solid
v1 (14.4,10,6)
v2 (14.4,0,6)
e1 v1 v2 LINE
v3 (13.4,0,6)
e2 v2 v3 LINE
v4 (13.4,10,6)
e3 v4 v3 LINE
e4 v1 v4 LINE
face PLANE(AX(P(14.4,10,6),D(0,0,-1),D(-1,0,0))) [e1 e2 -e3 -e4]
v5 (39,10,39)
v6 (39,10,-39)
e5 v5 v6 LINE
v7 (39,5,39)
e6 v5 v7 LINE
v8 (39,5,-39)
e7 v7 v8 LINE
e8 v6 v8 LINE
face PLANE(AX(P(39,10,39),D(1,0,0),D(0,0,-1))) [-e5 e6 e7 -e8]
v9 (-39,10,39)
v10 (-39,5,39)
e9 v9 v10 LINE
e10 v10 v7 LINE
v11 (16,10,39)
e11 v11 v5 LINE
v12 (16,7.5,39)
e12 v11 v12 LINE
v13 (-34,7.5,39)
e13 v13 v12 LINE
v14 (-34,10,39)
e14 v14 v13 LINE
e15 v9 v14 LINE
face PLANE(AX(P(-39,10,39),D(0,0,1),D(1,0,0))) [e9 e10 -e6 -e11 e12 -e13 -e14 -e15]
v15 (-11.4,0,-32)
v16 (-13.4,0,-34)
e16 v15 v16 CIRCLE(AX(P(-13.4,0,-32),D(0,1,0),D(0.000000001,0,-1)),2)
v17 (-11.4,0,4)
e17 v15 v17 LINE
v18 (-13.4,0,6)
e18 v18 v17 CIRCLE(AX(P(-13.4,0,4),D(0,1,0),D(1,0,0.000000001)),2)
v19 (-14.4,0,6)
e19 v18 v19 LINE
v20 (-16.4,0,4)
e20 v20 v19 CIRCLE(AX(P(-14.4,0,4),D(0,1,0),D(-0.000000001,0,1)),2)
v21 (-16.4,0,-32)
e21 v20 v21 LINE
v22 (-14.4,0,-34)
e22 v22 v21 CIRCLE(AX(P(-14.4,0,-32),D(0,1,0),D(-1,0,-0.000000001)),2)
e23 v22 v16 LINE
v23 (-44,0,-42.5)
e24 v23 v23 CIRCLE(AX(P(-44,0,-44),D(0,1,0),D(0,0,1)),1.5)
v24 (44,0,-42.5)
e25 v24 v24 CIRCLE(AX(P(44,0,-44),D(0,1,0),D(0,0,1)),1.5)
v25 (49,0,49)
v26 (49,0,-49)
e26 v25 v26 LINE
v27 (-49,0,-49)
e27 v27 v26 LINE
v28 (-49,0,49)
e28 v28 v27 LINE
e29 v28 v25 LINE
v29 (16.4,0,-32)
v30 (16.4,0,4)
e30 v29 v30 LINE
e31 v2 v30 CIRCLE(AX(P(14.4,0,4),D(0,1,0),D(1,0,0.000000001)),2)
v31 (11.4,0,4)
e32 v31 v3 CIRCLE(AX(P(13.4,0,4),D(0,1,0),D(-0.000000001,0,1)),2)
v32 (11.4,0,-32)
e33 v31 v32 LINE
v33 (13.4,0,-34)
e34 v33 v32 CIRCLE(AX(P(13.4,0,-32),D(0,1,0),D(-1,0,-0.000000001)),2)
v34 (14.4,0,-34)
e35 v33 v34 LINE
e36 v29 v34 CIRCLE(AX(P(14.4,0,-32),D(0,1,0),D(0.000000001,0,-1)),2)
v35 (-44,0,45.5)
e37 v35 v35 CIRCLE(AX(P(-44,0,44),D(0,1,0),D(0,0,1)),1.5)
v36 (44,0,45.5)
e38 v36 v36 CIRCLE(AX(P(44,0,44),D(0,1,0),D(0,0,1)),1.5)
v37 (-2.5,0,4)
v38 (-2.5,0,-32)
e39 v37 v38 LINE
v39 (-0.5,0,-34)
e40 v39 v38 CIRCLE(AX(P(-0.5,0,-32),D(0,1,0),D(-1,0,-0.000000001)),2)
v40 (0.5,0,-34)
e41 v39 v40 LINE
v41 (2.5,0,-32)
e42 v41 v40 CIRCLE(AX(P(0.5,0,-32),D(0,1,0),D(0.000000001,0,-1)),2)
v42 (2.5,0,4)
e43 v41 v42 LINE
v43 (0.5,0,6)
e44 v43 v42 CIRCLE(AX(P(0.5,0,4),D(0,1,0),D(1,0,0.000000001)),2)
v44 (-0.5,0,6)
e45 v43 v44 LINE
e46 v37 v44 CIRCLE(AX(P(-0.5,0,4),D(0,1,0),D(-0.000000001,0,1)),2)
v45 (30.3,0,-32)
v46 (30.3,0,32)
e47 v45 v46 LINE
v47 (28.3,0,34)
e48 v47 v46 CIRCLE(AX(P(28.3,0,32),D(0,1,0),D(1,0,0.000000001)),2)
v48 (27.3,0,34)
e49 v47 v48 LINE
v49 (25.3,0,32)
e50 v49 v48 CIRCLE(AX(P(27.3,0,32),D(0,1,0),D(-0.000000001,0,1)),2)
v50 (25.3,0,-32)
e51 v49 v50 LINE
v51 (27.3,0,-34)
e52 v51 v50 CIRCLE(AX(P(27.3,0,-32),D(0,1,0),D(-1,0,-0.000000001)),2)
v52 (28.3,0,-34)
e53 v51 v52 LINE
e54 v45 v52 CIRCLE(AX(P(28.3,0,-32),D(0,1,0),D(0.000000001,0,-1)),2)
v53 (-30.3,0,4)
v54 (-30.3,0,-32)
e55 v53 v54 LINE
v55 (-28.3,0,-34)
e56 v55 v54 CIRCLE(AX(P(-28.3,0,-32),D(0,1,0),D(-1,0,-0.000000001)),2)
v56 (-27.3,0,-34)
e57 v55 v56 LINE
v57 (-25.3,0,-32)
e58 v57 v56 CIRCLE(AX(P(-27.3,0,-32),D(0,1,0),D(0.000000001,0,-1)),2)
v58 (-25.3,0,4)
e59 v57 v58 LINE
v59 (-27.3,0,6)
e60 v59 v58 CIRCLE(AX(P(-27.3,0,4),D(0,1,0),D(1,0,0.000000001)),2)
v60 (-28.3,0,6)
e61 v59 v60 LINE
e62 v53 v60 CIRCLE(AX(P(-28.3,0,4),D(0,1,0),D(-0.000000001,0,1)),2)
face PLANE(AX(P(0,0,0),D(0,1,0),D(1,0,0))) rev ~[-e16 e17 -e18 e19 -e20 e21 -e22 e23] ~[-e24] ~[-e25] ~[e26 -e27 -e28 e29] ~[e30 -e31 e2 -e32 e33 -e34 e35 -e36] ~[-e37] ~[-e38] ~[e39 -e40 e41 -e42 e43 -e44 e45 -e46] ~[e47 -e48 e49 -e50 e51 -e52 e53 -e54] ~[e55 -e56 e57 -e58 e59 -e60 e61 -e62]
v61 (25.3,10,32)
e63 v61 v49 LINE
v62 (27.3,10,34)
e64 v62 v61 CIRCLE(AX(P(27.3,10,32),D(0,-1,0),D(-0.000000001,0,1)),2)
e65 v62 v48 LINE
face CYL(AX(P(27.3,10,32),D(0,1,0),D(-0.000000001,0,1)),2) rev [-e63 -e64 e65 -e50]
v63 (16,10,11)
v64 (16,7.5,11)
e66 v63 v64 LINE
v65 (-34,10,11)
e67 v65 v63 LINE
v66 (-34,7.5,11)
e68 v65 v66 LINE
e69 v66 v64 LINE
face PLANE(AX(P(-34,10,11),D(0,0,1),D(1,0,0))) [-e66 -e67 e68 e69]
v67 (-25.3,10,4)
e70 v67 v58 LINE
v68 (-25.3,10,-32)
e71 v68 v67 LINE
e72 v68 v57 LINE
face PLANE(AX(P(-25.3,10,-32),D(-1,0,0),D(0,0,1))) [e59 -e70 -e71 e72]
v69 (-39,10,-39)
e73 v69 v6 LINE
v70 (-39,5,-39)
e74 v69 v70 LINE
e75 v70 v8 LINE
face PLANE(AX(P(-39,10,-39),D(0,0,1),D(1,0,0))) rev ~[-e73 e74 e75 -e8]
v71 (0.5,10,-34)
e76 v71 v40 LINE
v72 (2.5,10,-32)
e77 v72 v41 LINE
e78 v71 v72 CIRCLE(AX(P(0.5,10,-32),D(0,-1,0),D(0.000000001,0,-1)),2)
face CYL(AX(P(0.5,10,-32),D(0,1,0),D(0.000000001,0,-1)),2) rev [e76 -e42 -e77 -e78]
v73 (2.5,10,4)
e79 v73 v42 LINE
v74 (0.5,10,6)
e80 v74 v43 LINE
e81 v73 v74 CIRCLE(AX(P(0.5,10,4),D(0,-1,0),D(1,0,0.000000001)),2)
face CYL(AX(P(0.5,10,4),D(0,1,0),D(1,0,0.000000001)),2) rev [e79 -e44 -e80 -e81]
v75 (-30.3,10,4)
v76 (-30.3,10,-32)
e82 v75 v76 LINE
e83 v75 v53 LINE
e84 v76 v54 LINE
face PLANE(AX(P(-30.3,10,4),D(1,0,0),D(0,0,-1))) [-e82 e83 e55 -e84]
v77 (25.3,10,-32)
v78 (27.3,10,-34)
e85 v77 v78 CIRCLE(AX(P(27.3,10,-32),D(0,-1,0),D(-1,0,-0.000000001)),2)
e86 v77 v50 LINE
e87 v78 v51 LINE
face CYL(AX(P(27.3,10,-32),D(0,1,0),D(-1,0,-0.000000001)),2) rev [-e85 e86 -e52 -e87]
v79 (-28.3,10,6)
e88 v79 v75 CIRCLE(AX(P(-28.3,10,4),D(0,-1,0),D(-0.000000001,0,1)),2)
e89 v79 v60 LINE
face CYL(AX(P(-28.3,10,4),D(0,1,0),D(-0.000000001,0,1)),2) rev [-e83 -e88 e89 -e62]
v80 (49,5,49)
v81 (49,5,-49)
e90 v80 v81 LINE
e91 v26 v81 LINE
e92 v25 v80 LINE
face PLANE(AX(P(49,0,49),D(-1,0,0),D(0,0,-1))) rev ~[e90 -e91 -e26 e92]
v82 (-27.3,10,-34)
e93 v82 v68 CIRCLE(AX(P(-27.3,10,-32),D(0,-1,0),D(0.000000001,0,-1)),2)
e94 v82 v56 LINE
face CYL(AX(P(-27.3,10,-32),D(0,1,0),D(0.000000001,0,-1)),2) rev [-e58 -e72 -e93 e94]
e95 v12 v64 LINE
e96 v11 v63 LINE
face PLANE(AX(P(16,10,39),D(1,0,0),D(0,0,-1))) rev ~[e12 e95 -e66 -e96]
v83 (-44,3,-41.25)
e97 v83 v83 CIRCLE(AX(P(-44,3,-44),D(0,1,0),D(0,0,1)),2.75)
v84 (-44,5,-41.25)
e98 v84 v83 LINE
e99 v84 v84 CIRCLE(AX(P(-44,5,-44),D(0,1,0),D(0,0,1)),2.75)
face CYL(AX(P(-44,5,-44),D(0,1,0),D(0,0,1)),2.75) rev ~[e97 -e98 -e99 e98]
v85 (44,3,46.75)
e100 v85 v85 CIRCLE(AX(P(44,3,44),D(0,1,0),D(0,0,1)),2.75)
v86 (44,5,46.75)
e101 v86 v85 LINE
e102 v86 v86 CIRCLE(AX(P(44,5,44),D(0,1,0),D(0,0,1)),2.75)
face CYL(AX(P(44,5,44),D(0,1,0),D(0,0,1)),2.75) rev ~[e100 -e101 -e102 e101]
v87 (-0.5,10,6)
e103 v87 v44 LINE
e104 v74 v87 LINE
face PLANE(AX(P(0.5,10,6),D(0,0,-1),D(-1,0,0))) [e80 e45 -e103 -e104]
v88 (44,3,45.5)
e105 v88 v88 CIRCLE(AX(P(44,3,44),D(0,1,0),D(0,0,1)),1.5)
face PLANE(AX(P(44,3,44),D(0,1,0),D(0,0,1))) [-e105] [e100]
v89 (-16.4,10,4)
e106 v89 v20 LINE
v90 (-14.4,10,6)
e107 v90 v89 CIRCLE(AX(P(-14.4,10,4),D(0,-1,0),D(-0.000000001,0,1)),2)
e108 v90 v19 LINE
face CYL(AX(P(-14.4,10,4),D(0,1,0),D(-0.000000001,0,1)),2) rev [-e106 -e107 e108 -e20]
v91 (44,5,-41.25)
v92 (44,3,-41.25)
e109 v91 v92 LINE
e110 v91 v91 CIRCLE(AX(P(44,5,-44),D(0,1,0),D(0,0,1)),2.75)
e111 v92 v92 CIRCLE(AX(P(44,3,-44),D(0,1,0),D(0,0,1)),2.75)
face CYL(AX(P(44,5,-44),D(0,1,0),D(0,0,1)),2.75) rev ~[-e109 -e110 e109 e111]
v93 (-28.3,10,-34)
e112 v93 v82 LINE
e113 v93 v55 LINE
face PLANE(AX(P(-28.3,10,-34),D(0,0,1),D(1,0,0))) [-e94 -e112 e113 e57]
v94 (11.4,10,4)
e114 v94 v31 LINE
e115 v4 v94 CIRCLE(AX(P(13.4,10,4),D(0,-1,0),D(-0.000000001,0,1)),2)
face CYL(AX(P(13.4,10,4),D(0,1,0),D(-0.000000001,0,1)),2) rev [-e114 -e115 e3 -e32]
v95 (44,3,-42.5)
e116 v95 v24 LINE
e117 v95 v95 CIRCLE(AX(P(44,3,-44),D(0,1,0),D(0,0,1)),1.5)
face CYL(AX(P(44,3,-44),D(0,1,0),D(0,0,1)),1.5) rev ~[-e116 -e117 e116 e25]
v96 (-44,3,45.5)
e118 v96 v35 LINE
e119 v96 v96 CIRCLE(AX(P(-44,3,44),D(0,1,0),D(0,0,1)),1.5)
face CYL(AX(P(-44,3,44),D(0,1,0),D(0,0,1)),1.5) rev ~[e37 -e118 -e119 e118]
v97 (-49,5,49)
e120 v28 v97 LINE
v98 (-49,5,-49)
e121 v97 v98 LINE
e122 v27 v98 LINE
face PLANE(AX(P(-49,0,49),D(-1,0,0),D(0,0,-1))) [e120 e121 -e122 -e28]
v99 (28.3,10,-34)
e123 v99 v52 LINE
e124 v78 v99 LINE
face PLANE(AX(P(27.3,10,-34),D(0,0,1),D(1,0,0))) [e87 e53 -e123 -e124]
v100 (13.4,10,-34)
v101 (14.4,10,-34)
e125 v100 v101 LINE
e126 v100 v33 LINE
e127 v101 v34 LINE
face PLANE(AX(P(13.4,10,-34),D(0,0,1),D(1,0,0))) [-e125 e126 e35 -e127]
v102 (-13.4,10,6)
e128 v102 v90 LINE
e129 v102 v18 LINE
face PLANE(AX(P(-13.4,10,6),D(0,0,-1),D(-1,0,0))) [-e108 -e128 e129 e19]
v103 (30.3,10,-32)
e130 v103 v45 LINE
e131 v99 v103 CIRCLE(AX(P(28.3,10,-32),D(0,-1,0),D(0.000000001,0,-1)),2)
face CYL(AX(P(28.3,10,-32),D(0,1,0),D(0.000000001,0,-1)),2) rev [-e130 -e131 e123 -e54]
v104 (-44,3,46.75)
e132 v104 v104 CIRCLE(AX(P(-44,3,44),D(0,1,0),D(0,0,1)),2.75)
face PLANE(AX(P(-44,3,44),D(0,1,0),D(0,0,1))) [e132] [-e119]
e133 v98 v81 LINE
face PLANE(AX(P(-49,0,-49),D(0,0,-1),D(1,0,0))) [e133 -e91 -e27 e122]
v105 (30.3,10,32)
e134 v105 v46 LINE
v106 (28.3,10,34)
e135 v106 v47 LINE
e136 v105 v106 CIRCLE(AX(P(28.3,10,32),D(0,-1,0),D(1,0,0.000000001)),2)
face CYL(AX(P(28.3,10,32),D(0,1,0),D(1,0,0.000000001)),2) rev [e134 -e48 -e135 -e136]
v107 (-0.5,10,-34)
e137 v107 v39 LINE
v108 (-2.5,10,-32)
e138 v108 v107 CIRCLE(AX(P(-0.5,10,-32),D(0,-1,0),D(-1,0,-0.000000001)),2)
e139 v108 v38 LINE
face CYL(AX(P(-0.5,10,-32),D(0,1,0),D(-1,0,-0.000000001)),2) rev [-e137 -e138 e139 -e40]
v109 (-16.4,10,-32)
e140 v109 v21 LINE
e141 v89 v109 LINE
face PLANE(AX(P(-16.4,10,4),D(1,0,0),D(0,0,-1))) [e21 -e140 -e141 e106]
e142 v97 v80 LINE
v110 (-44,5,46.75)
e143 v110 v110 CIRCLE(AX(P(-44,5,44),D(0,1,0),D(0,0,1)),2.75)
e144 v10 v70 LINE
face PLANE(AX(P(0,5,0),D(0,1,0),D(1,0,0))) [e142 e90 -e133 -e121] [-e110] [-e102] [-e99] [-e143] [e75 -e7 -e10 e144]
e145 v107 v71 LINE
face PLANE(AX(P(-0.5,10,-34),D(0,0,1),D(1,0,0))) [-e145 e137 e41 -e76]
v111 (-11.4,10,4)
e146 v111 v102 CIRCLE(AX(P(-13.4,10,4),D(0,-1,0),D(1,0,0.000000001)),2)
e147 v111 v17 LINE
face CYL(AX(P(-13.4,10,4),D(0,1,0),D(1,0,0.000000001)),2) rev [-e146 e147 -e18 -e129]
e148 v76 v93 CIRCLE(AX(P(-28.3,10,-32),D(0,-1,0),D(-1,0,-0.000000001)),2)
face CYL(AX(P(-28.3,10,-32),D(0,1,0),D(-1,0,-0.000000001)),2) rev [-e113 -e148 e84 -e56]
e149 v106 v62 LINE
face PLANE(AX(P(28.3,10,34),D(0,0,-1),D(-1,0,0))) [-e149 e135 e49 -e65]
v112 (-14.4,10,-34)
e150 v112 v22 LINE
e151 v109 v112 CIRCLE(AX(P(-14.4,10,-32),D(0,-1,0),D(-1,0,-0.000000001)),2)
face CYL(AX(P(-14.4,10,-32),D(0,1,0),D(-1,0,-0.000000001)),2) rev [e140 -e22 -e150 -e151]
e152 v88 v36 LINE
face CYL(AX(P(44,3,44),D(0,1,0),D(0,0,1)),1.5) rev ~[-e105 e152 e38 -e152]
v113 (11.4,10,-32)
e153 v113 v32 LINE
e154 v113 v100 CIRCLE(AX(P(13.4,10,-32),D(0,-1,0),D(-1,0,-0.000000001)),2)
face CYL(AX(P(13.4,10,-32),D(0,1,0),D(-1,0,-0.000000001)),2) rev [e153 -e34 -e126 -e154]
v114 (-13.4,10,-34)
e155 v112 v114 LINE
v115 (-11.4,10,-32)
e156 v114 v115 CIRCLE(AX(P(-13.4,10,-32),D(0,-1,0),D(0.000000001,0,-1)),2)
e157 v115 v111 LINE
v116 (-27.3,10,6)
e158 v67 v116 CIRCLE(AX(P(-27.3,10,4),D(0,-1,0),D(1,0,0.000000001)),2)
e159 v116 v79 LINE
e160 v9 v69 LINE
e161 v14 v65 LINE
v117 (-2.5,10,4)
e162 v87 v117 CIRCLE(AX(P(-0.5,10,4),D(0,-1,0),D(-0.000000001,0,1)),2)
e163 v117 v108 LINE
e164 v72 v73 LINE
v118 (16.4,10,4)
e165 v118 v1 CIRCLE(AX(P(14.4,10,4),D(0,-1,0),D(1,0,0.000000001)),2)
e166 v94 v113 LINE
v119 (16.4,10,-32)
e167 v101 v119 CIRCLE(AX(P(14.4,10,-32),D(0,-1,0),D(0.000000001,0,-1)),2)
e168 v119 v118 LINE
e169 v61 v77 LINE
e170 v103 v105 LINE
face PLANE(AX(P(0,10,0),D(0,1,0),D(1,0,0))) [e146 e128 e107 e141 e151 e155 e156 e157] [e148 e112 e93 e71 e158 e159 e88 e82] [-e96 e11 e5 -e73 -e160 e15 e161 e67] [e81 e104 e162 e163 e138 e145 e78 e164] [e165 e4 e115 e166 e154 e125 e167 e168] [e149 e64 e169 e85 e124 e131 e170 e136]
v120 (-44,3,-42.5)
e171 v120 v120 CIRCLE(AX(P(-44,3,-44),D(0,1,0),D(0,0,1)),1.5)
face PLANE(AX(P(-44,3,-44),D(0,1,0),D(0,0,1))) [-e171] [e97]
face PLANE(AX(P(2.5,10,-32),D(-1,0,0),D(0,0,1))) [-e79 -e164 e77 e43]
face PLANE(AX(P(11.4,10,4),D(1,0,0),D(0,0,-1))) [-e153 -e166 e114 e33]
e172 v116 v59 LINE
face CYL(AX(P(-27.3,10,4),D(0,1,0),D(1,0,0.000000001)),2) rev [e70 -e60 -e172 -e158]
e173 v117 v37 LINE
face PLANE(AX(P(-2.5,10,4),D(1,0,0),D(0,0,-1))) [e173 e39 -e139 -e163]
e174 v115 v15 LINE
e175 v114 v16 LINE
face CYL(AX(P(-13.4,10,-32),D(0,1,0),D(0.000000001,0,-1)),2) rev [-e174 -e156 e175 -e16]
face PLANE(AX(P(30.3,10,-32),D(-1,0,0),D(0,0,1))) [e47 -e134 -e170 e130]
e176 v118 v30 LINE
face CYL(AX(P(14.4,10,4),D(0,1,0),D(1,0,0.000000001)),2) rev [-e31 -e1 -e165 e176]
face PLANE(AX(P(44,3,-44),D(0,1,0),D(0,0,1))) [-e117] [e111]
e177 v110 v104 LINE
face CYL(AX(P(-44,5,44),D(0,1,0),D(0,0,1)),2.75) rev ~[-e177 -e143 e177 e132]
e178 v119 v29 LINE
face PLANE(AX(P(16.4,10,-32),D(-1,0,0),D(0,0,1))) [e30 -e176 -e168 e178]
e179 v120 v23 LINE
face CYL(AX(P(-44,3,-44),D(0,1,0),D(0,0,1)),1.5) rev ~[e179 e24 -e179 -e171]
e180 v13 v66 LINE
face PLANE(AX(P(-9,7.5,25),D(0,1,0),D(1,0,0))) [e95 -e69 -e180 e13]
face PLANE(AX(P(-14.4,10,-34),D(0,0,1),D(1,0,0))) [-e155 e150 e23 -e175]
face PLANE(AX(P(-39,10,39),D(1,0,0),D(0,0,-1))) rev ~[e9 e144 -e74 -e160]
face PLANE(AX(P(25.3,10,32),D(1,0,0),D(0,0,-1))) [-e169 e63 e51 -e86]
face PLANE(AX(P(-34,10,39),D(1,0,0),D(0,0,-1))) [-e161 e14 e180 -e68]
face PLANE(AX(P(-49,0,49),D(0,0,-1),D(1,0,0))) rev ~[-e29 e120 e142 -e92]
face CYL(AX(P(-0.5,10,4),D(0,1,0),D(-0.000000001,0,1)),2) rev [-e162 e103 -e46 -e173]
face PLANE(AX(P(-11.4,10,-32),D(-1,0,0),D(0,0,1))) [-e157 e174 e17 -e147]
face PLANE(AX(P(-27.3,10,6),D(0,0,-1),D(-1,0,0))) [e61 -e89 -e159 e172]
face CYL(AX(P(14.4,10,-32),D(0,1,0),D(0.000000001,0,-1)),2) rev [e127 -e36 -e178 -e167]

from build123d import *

# Parameters (mm, degrees)
SKETCH1_W           = 98
SKETCH1_H           = 98
BOSS_EXTRUDE2_DEPTH = 10
SKETCH2_W           = 98
SKETCH2_H           = 98
SKETCH2_W_2         = 78
SKETCH2_H_2         = 78
CUT_EXTRUDE2_DEPTH  = 5
SKETCH3_R           = 2.75
CUT_EXTRUDE3_DEPTH  = 2
SKETCH4_R           = 1.5
CUT_EXTRUDE4_DEPTH  = 9
SKETCH6_W           = 50
SKETCH6_H           = 28
CUT_EXTRUDE6_DEPTH  = 2.5
CUT_EXTRUDE8_DEPTH  = 11.5


with BuildPart() as part:
    # Sketch1 → Boss-Extrude2 (new body)
    with BuildSketch(Plane(origin=(0, 0, 0), x_dir=(1, 0, 0), z_dir=(0, 1, 0))):
        Rectangle(SKETCH1_W, SKETCH1_H)
    extrude(amount=BOSS_EXTRUDE2_DEPTH)

    # Sketch2 → Cut-Extrude2 (cut)
    with BuildSketch(Plane(origin=(0, 10, 0), x_dir=(1, 0, 0), z_dir=(0, 1, 0))):
        Rectangle(SKETCH2_W, SKETCH2_H)
        Rectangle(SKETCH2_W_2, SKETCH2_H_2, mode=Mode.SUBTRACT)
    extrude(amount=-CUT_EXTRUDE2_DEPTH, mode=Mode.SUBTRACT)

    # Sketch3 → Cut-Extrude3 (cut)
    with BuildSketch(Plane(origin=(0, 5, 0), x_dir=(1, 0, 0), z_dir=(0, 1, 0))):
        with Locations(Location((-44, -44, 0), (0, 0, 270))):
            Circle(SKETCH3_R)
        with Locations(Location((44, -44, 0), (0, 0, 270))):
            Circle(SKETCH3_R)
        with Locations(Location((-44, 44, 0), (0, 0, 270))):
            Circle(SKETCH3_R)
        with Locations(Location((44, 44, 0), (0, 0, 270))):
            Circle(SKETCH3_R)
    extrude(amount=-CUT_EXTRUDE3_DEPTH, mode=Mode.SUBTRACT)

    # Sketch4 → Cut-Extrude4 (cut)
    with BuildSketch(Plane(origin=(0, 3, 0), x_dir=(1, 0, 0), z_dir=(0, 1, 0))):
        with Locations(Location((-44, 44, 0), (0, 0, 270))):
            Circle(SKETCH4_R)
        with Locations(Location((44, 44, 0), (0, 0, 270))):
            Circle(SKETCH4_R)
        with Locations(Location((44, -44, 0), (0, 0, 270))):
            Circle(SKETCH4_R)
        with Locations(Location((-44, -44, 0), (0, 0, 270))):
            Circle(SKETCH4_R)
    extrude(amount=-CUT_EXTRUDE4_DEPTH, mode=Mode.SUBTRACT)

    # Sketch6 → Cut-Extrude6 (cut)
    with BuildSketch(Plane(origin=(0, 10, 0), x_dir=(1, 0, 0), z_dir=(0, 1, 0))):
        with Locations((-9, -25)):
            Rectangle(SKETCH6_W, SKETCH6_H)
    extrude(amount=-CUT_EXTRUDE6_DEPTH, mode=Mode.SUBTRACT)

    # Sketch7 → Cut-Extrude8 (cut)
    with BuildSketch(Plane(origin=(0, 10, 0), x_dir=(1, 0, 0), z_dir=(0, 1, 0))):
        with BuildLine():
            ThreePointArc((-30.3, 32), (-29.714213562, 33.414213562), (-28.3, 34))
            Line((-28.3, 34), (-27.3, 34))
            ThreePointArc((-27.3, 34), (-25.885786438, 33.414213562), (-25.3, 32))
            Line((-25.3, 32), (-25.3, -4))
            ThreePointArc((-25.3, -4), (-25.885786438, -5.414213562), (-27.3, -6))
            Line((-27.3, -6), (-28.3, -6))
            ThreePointArc((-28.3, -6), (-29.714213562, -5.414213562), (-30.3, -4))
            Line((-30.3, -4), (-30.3, 32))
        make_face()
        with BuildLine():
            ThreePointArc((-14.4, -6), (-15.814213562, -5.414213562), (-16.4, -4))
            Line((-16.4, -4), (-16.4, 32))
            ThreePointArc((-16.4, 32), (-15.814213562, 33.414213562), (-14.4, 34))
            Line((-14.4, 34), (-13.4, 34))
            ThreePointArc((-13.4, 34), (-11.985786438, 33.414213562), (-11.4, 32))
            Line((-11.4, 32), (-11.4, -4))
            ThreePointArc((-11.4, -4), (-11.985786438, -5.414213562), (-13.4, -6))
            Line((-13.4, -6), (-14.4, -6))
        make_face()
        with BuildLine():
            ThreePointArc((-0.5, -6), (-1.914213562, -5.414213562), (-2.5, -4))
            Line((-2.5, -4), (-2.5, 32))
            ThreePointArc((-2.5, 32), (-1.914213562, 33.414213562), (-0.5, 34))
            Line((-0.5, 34), (0.5, 34))
            ThreePointArc((0.5, 34), (1.914213562, 33.414213562), (2.5, 32))
            Line((2.5, 32), (2.5, -4))
            ThreePointArc((2.5, -4), (1.914213562, -5.414213562), (0.5, -6))
            Line((0.5, -6), (-0.5, -6))
        make_face()
        with BuildLine():
            ThreePointArc((13.4, -6), (11.985786438, -5.414213562), (11.4, -4))
            Line((11.4, -4), (11.4, 32))
            ThreePointArc((11.4, 32), (11.985786438, 33.414213562), (13.4, 34))
            Line((13.4, 34), (14.4, 34))
            ThreePointArc((14.4, 34), (15.814213562, 33.414213562), (16.4, 32))
            Line((16.4, 32), (16.4, -4))
            ThreePointArc((16.4, -4), (15.814213562, -5.414213562), (14.4, -6))
            Line((14.4, -6), (13.4, -6))
        make_face()
        with BuildLine():
            ThreePointArc((27.3, -34), (25.885786438, -33.414213562), (25.3, -32))
            Line((25.3, -32), (25.3, -6))
            Line((25.3, -6), (25.3, 32))
            ThreePointArc((25.3, 32), (25.885786438, 33.414213562), (27.3, 34))
            Line((27.3, 34), (28.3, 34))
            ThreePointArc((28.3, 34), (29.714213562, 33.414213562), (30.3, 32))
            Line((30.3, 32), (30.3, -6))
            Line((30.3, -6), (30.3, -32))
            ThreePointArc((30.3, -32), (29.714213562, -33.414213562), (28.3, -34))
            Line((28.3, -34), (27.3, -34))
        make_face()
    extrude(amount=-CUT_EXTRUDE8_DEPTH, mode=Mode.SUBTRACT)


solid = part.part
